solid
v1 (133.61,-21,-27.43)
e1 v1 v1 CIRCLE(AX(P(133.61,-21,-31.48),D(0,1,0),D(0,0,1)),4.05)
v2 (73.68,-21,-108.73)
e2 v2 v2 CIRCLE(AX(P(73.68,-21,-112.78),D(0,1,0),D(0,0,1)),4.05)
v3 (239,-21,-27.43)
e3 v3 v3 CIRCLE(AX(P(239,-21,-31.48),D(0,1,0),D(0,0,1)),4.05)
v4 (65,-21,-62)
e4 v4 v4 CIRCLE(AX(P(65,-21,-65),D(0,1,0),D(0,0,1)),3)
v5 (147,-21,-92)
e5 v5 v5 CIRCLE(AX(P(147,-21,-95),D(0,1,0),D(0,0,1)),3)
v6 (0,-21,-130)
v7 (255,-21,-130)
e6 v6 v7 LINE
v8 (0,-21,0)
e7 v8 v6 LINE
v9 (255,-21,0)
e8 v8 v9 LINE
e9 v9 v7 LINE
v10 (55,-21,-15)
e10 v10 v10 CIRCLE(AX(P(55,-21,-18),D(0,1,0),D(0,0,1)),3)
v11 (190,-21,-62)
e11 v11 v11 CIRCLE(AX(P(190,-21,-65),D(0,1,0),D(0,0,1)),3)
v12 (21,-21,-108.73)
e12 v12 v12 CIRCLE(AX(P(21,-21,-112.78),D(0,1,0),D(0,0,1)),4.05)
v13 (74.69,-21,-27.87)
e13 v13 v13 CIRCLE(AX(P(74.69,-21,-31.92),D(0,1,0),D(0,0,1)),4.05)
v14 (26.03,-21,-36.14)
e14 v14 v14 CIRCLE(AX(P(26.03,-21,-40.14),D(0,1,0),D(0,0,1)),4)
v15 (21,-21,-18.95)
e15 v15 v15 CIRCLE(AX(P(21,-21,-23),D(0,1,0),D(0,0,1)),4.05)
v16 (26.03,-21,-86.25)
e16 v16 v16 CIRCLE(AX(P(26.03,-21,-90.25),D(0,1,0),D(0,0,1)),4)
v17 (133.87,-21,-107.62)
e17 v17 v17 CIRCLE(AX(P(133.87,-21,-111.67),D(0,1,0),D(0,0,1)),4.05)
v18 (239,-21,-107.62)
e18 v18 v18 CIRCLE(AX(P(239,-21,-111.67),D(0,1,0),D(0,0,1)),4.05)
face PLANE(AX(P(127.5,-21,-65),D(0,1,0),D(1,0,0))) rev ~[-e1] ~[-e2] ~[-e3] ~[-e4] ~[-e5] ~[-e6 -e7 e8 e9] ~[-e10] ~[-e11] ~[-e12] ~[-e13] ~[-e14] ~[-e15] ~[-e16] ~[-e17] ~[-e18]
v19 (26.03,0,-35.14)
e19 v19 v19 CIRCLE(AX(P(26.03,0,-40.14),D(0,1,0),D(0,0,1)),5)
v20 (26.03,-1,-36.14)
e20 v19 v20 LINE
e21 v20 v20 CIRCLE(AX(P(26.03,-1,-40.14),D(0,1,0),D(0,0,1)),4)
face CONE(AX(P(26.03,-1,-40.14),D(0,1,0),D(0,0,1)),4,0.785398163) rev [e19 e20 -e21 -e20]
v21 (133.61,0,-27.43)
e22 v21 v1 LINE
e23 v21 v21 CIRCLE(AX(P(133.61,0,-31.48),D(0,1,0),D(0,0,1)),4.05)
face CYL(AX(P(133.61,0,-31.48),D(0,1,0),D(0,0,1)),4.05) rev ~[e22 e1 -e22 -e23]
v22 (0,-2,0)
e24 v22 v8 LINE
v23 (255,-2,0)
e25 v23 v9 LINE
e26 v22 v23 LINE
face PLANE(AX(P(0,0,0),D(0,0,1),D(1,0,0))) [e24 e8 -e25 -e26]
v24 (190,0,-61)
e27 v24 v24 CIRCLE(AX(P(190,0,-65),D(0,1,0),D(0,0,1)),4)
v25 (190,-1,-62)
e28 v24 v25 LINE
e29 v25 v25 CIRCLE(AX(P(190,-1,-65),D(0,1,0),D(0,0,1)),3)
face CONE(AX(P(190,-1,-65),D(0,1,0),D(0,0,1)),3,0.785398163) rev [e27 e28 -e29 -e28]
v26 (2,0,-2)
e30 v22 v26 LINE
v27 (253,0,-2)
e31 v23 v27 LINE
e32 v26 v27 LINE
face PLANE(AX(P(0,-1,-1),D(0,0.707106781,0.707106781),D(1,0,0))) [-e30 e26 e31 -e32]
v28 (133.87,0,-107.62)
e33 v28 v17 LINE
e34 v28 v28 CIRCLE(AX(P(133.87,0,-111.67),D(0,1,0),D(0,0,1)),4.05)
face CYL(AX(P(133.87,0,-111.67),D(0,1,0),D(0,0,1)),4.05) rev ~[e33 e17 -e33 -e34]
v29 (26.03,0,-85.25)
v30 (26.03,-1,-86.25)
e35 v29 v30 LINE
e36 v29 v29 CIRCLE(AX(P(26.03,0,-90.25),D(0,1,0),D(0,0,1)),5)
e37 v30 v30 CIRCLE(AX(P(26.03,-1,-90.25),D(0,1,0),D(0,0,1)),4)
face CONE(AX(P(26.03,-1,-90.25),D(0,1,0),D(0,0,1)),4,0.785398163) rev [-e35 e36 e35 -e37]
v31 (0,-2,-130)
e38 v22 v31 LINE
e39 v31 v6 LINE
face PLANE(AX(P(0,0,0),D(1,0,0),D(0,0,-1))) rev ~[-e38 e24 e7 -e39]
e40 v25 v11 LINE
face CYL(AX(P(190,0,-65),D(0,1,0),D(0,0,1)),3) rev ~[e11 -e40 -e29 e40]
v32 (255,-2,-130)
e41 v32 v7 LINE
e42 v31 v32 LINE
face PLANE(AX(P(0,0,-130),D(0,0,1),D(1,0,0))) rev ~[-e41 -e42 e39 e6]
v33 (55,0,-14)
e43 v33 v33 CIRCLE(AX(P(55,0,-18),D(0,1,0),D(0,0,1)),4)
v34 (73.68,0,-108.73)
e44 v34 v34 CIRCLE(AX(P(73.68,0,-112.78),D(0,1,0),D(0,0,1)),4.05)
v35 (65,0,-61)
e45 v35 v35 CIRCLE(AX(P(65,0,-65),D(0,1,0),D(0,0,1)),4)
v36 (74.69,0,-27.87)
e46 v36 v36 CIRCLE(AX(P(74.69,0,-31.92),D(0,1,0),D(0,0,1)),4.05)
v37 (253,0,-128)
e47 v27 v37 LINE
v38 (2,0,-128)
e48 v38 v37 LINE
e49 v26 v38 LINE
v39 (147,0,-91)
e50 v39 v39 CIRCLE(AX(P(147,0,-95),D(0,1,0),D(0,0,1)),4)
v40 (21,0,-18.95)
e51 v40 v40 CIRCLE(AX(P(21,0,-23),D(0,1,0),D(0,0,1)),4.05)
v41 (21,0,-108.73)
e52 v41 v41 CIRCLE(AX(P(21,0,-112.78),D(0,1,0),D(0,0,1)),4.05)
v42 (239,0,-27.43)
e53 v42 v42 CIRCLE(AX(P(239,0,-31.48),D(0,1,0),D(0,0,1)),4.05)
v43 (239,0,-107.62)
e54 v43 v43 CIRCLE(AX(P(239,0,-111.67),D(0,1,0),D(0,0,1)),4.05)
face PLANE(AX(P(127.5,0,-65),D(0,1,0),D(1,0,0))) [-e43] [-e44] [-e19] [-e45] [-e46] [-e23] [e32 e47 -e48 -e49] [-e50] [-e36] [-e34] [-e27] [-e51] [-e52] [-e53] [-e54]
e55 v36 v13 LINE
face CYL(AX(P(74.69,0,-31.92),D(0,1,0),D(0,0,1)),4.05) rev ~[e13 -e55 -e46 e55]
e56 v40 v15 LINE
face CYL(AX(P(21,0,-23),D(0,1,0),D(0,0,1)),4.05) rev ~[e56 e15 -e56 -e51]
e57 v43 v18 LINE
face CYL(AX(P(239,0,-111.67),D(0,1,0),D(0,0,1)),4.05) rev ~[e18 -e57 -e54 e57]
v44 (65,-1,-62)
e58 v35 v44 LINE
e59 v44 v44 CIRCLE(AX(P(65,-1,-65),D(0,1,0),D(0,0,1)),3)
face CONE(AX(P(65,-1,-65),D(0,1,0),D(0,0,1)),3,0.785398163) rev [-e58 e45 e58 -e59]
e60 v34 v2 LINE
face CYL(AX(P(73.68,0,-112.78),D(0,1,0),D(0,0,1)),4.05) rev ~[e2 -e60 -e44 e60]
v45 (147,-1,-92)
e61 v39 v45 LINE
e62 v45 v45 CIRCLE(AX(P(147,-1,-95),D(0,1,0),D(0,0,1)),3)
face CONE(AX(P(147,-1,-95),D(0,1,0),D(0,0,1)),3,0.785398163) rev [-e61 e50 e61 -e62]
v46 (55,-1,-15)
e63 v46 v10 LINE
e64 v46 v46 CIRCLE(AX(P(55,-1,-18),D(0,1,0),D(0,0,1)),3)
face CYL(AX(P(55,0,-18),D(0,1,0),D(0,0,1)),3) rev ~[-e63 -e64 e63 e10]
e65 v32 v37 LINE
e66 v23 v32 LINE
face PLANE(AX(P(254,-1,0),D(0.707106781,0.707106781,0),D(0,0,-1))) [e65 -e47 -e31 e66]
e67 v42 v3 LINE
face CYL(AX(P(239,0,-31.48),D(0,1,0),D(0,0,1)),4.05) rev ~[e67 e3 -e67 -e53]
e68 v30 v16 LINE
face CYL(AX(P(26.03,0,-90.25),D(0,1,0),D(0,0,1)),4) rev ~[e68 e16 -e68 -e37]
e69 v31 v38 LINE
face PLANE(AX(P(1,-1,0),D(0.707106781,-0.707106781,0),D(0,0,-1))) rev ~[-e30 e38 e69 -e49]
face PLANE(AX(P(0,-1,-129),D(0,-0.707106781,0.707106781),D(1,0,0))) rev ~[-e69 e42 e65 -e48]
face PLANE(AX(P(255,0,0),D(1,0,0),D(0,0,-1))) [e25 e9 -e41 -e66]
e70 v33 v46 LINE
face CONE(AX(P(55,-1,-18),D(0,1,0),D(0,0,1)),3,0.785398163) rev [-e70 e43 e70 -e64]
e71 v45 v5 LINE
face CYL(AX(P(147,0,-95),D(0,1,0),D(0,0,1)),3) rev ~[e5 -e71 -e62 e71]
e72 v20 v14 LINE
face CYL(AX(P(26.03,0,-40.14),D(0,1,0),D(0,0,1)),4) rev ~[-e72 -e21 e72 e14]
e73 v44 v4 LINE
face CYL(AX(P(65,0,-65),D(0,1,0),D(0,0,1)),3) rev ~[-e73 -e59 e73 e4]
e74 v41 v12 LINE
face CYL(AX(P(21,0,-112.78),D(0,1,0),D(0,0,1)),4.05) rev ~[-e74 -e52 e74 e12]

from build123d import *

# Parameters (mm, degrees)
SKETCH1_W           = 255
SKETCH1_H           = 130
SKETCH1_R           = 4.05
SKETCH1_R_2         = 4
SKETCH1_R_3         = 3
BOSS_EXTRUDE1_DEPTH = 21
CHAMFER1_SIZE       = 2
CHAMFER5_SIZE       = 1
CHAMFER6_SIZE       = 1


with BuildPart() as part:
    # Sketch1 → Boss-Extrude1 (new body)
    with BuildSketch(Plane(origin=(0, 0, 0), x_dir=(1, 0, 0), z_dir=(0, 1, 0))):
        with Locations((127.5, 65)):
            Rectangle(SKETCH1_W, SKETCH1_H)
        with Locations(Location((73.68, 112.78, 0), (0, 0, 270))):
            Circle(SKETCH1_R, mode=Mode.SUBTRACT)
        with Locations(Location((133.87, 111.67, 0), (0, 0, 270))):
            Circle(SKETCH1_R, mode=Mode.SUBTRACT)
        with Locations(Location((133.61, 31.48, 0), (0, 0, 270))):
            Circle(SKETCH1_R, mode=Mode.SUBTRACT)
        with Locations(Location((74.69, 31.92, 0), (0, 0, 270))):
            Circle(SKETCH1_R, mode=Mode.SUBTRACT)
        with Locations(Location((26.03, 90.25, 0), (0, 0, 270))):
            Circle(SKETCH1_R_2, mode=Mode.SUBTRACT)
        with Locations(Location((26.03, 40.14, 0), (0, 0, 270))):
            Circle(SKETCH1_R_2, mode=Mode.SUBTRACT)
        with Locations(Location((21, 112.78, 0), (0, 0, 270))):
            Circle(SKETCH1_R, mode=Mode.SUBTRACT)
        with Locations(Location((239, 111.67, 0), (0, 0, 270))):
            Circle(SKETCH1_R, mode=Mode.SUBTRACT)
        with Locations(Location((239, 31.48, 0), (0, 0, 270))):
            Circle(SKETCH1_R, mode=Mode.SUBTRACT)
        with Locations(Location((21, 23, 0), (0, 0, 270))):
            Circle(SKETCH1_R, mode=Mode.SUBTRACT)
        with Locations(Location((65, 65, 0), (0, 0, 270))):
            Circle(SKETCH1_R_3, mode=Mode.SUBTRACT)
        with Locations(Location((190, 65, 0), (0, 0, 270))):
            Circle(SKETCH1_R_3, mode=Mode.SUBTRACT)
        with Locations(Location((147, 95, 0), (0, 0, 270))):
            Circle(SKETCH1_R_3, mode=Mode.SUBTRACT)
        with Locations(Location((55, 18, 0), (0, 0, 270))):
            Circle(SKETCH1_R_3, mode=Mode.SUBTRACT)
    extrude(amount=-BOSS_EXTRUDE1_DEPTH)

    # Chamfer1
    chamfer1_edges = [part.edges().sort_by_distance(p)[0] for p in [
        (127.5, 0, -130),
        (255, 0, -65),
        (127.5, 0, 0),
        (0, 0, -65),
    ]]
    chamfer(chamfer1_edges, length=CHAMFER1_SIZE)

    # Chamfer5
    chamfer5_edges = [part.edges().sort_by_distance(p)[0] for p in [
        (65, 0, -68),
        (190, 0, -68),
        (147, 0, -98),
        (55, 0, -21),
    ]]
    chamfer(chamfer5_edges, length=CHAMFER5_SIZE)

    # Chamfer6
    chamfer6_edges = [part.edges().sort_by_distance(p)[0] for p in [
        (26.03, 0, -94.25),
        (26.03, 0, -44.14),
    ]]
    chamfer(chamfer6_edges, length=CHAMFER6_SIZE)


solid = part.part
